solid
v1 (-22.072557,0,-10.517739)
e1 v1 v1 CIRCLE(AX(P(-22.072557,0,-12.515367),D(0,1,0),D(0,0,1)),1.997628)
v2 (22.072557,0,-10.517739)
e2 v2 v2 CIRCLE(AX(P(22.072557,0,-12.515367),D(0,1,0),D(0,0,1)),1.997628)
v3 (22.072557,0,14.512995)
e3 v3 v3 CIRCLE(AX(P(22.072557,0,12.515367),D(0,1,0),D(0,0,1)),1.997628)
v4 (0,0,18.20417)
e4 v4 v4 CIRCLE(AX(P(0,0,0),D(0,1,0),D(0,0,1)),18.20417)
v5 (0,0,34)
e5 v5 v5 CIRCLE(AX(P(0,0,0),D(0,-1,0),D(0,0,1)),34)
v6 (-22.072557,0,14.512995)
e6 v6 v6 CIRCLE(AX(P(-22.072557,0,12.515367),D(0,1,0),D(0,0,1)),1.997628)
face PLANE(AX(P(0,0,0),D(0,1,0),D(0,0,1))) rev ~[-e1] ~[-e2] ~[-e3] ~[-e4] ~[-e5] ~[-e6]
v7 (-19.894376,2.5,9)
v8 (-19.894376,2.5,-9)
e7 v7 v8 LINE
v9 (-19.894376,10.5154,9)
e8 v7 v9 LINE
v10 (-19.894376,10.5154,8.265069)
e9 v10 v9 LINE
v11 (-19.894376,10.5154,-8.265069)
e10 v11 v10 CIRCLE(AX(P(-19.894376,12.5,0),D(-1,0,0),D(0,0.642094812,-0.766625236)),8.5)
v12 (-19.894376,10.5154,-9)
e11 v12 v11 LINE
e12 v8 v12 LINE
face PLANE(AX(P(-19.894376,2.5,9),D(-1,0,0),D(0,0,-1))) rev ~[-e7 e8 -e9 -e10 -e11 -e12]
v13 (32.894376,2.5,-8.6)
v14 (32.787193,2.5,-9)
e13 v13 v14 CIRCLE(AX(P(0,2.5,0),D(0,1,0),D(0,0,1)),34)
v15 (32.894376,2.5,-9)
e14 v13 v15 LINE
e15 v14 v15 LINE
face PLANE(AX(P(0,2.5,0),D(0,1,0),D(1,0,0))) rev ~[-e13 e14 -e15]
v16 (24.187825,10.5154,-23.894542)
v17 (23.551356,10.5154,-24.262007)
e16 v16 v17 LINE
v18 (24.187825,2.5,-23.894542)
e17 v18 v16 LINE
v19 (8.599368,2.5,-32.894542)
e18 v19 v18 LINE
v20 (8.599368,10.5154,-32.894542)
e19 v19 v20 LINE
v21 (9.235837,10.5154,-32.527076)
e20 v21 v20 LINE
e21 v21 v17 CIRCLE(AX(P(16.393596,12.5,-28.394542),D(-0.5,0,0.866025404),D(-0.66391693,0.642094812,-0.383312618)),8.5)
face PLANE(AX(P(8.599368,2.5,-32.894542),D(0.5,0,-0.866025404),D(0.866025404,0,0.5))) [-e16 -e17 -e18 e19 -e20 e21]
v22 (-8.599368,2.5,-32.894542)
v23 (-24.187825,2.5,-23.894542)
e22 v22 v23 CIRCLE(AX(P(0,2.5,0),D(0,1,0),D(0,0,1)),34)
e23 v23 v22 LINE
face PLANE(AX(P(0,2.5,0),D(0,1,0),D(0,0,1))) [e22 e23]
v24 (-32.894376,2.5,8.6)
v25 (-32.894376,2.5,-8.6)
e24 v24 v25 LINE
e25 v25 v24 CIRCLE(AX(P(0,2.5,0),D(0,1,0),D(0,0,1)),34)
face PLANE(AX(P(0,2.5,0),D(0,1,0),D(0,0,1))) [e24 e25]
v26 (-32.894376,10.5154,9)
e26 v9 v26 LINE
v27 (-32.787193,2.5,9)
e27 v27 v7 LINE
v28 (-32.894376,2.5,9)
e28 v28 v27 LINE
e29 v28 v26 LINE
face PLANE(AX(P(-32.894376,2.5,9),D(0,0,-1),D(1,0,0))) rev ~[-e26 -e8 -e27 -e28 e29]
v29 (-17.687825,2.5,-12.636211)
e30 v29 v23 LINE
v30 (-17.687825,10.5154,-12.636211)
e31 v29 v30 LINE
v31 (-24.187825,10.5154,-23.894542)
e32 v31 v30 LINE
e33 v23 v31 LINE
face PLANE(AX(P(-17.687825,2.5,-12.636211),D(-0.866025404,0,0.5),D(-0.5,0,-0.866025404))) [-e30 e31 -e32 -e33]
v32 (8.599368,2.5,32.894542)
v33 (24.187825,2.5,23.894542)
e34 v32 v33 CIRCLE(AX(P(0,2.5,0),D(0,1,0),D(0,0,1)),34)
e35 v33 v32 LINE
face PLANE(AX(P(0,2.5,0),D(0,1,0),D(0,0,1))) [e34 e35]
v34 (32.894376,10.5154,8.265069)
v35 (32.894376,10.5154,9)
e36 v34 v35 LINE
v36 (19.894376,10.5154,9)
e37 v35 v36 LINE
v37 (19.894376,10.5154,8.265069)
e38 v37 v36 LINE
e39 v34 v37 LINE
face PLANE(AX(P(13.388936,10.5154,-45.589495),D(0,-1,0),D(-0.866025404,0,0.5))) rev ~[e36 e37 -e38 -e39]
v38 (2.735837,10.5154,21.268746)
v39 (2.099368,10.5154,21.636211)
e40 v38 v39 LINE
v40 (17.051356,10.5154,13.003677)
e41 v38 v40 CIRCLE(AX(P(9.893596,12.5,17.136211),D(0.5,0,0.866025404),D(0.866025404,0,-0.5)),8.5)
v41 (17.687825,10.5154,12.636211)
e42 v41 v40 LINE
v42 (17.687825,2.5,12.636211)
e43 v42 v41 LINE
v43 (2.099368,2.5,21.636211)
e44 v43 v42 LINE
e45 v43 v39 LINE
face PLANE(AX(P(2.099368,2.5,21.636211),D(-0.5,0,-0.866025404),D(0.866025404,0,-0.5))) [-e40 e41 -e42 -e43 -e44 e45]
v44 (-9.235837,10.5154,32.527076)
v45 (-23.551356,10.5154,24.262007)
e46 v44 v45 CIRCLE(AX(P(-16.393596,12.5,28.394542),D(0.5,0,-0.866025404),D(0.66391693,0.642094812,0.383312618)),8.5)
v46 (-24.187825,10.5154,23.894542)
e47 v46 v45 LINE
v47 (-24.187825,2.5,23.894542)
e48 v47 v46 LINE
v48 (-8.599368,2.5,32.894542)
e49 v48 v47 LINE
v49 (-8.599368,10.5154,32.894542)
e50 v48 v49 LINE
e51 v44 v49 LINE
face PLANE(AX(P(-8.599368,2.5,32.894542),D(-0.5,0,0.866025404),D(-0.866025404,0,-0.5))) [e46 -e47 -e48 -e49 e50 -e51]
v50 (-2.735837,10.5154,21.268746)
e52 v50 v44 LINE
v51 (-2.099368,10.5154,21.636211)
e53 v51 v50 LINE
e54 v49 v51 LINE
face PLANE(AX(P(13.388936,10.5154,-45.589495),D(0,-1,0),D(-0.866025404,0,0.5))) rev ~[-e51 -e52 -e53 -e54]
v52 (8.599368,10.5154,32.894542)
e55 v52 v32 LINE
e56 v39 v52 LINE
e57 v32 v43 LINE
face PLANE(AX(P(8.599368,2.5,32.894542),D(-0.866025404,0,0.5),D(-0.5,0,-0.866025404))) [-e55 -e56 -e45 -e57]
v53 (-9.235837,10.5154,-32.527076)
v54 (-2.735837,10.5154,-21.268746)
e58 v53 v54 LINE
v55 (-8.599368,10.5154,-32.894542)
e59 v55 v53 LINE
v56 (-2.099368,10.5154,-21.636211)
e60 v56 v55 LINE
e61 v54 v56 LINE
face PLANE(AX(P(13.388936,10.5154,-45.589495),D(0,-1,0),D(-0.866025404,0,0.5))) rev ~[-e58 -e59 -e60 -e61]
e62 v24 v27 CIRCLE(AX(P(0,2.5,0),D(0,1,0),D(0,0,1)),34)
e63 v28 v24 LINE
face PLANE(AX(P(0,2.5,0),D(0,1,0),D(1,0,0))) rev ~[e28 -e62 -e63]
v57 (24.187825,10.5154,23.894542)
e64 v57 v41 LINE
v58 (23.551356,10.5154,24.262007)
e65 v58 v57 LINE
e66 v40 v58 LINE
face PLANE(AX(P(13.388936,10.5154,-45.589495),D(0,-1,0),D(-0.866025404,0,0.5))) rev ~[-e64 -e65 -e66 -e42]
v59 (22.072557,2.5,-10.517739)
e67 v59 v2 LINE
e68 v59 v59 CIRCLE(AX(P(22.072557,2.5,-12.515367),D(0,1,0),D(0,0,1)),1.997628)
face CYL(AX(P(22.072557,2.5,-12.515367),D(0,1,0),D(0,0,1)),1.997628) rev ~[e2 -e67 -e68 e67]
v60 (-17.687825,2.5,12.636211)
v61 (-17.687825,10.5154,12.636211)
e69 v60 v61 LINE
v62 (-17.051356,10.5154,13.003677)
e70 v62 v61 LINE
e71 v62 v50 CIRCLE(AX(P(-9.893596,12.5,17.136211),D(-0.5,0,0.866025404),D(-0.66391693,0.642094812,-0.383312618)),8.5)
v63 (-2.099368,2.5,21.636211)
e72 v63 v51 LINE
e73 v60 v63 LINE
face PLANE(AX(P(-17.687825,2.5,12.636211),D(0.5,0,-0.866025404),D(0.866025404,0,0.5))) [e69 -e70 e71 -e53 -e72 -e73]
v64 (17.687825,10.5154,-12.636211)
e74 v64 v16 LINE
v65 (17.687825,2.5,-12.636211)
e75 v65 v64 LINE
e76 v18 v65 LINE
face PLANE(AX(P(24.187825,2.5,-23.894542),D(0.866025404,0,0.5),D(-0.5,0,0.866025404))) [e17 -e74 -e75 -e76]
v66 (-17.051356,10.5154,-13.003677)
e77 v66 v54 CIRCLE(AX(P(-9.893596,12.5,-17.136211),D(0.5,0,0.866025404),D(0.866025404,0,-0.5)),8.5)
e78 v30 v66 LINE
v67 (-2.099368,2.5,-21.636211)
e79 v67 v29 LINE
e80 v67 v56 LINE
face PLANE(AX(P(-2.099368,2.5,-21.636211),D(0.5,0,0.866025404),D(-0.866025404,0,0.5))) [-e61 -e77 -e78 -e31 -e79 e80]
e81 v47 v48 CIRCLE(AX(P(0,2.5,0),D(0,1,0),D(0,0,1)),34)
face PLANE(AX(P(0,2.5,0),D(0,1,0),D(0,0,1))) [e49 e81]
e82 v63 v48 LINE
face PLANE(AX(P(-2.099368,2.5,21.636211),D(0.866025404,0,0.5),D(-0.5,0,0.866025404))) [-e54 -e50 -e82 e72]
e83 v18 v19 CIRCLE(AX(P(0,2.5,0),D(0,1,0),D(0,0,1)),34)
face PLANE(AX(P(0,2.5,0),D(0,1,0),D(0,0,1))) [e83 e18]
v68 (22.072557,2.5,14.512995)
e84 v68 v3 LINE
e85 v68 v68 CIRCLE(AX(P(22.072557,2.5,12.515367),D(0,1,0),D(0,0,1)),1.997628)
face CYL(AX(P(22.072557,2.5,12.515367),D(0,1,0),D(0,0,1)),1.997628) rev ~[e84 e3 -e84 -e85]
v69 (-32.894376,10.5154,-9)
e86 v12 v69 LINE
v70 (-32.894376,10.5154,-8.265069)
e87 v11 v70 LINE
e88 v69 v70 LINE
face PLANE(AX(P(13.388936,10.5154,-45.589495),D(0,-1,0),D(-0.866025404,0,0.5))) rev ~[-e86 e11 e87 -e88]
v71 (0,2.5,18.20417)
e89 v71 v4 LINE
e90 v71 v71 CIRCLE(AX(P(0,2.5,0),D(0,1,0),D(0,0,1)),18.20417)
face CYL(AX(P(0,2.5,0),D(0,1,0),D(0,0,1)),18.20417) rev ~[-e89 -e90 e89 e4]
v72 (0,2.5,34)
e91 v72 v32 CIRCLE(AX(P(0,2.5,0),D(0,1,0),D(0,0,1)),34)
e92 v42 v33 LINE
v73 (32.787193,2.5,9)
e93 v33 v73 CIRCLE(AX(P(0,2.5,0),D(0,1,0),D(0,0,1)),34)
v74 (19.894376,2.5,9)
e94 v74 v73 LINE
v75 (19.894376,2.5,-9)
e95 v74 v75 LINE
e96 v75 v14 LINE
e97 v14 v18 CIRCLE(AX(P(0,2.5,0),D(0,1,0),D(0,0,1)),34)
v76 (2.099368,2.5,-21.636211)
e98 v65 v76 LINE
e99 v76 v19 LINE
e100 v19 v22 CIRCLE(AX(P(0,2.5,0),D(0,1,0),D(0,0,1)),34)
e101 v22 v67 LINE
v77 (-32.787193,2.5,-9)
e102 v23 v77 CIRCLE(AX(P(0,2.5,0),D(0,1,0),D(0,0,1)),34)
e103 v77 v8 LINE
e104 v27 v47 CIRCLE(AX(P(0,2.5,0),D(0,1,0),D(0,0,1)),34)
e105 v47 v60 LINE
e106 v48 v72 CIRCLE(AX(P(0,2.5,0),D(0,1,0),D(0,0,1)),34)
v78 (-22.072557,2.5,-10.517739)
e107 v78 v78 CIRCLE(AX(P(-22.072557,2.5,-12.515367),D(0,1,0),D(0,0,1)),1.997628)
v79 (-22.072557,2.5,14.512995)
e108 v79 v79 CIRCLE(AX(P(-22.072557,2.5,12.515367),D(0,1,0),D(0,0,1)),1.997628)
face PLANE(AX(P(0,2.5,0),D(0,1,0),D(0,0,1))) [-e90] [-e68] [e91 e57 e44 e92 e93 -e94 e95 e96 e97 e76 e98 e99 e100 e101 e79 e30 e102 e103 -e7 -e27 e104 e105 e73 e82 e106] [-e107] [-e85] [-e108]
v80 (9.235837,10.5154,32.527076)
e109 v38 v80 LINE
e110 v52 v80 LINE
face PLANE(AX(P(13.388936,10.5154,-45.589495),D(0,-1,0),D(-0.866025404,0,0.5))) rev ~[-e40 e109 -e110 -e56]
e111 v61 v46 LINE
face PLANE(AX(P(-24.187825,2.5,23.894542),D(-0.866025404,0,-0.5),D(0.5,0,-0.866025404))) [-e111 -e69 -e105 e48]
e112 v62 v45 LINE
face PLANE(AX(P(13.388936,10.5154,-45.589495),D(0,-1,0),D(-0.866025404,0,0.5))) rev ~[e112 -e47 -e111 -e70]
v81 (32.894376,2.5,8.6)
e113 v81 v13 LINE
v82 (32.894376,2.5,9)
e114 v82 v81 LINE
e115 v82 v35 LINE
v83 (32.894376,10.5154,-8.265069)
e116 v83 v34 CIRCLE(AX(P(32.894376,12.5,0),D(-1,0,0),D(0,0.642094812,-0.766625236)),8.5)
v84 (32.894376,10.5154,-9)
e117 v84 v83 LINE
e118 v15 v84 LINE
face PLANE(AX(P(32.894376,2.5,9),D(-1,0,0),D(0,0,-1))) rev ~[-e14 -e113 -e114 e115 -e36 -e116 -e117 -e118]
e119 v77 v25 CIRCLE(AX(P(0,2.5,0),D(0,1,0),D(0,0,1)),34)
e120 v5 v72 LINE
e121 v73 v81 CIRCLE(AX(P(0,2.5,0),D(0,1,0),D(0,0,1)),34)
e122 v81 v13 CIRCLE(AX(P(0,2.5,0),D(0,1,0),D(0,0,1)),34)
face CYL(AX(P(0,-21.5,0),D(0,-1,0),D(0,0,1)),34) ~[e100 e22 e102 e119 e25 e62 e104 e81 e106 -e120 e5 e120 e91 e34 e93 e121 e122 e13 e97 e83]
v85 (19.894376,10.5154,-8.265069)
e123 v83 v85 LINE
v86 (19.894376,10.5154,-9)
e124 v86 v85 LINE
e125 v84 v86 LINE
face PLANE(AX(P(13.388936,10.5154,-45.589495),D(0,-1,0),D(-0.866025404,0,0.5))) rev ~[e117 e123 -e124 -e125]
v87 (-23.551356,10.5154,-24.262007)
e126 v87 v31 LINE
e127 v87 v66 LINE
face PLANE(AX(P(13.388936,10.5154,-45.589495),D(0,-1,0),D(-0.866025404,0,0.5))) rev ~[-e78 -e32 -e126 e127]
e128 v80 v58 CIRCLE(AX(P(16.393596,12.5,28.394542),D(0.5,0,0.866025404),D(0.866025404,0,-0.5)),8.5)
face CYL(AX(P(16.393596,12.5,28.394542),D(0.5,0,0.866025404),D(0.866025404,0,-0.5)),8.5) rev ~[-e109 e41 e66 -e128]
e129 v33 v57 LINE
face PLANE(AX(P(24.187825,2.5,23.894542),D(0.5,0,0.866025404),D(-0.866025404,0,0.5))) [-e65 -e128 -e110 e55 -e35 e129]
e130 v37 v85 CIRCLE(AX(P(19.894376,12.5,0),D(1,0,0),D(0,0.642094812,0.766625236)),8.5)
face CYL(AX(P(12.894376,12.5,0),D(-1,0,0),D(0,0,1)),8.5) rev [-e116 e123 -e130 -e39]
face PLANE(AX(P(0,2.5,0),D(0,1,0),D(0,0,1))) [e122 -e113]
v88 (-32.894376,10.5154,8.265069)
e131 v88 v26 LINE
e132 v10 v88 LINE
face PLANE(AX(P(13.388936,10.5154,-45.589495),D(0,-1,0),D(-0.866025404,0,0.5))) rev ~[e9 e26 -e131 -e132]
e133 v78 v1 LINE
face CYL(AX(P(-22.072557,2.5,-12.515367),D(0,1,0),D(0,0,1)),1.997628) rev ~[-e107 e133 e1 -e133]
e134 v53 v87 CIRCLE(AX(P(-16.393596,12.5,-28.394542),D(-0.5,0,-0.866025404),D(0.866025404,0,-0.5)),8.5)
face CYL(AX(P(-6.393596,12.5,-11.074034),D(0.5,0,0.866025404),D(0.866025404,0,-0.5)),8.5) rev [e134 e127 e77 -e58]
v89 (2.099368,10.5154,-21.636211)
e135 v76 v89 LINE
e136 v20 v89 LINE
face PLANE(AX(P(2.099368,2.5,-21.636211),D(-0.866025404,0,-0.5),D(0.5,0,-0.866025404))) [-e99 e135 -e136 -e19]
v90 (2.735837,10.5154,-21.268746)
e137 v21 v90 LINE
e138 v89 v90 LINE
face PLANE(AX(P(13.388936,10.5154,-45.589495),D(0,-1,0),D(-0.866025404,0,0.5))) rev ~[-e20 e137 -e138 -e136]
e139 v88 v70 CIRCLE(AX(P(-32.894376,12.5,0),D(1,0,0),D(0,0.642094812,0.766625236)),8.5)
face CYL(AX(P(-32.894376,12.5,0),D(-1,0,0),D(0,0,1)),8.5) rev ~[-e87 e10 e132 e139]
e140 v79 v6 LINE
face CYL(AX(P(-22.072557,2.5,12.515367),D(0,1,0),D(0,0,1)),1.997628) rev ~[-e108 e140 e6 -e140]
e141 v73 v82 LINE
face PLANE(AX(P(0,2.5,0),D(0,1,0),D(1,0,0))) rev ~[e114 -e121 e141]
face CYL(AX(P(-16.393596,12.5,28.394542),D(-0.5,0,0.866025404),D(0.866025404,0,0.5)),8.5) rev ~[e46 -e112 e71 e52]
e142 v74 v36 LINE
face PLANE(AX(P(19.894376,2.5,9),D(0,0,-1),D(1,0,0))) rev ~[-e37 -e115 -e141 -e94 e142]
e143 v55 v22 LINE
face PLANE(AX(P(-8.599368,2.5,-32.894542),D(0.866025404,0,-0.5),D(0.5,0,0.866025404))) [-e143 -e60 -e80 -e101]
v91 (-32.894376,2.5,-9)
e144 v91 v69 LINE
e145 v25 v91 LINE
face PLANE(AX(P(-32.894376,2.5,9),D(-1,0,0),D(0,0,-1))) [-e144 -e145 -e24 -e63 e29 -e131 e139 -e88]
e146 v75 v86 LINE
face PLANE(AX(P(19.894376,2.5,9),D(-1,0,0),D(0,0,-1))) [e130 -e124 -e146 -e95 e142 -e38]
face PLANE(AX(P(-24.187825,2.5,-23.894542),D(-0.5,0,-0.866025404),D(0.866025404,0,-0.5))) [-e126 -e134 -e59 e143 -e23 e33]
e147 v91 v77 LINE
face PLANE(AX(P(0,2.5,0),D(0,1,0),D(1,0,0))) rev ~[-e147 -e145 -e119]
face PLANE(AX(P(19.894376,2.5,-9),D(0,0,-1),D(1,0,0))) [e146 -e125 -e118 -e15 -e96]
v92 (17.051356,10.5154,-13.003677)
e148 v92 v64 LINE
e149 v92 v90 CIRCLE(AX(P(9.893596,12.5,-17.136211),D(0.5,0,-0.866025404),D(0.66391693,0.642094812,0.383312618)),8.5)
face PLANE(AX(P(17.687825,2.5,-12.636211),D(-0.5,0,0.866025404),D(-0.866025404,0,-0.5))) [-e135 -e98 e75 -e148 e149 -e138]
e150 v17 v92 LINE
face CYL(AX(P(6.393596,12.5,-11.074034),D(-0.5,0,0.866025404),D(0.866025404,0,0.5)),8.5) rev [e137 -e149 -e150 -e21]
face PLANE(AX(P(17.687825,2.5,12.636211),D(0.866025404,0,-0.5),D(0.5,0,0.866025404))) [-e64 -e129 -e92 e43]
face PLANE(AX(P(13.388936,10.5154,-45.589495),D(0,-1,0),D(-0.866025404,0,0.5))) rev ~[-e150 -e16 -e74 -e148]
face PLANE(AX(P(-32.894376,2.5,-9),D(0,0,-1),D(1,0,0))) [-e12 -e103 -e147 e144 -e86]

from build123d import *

# Parameters (mm, degrees)
SKETCH1_R           = 42.5
BOSS_EXTRUDE1_DEPTH = 2.5
SKETCH3_W           = 13
SKETCH3_H           = 18
BOSS_EXTRUDE2_DEPTH = 20
SKETCH4_R           = 8.5
CUT_EXTRUDE2_DEPTH  = 20
SKETCH5_R           = 8.5
CUT_EXTRUDE3_DEPTH  = 20
SKETCH6_R           = 8.5
CUT_EXTRUDE4_DEPTH  = 20
CUT_EXTRUDE5_START  = -20
SKETCH7_R           = 8.5
CUT_EXTRUDE5_DEPTH  = 20
CUT_EXTRUDE6_START  = -20
SKETCH8_R           = 8.5
CUT_EXTRUDE6_DEPTH  = 20
CUT_EXTRUDE7_START  = -20
SKETCH9_R           = 8.5
CUT_EXTRUDE7_DEPTH  = 20
CUT_EXTRUDE8_DEPTH  = 76.388
SKETCH11_W          = 71.811217628
SKETCH11_H          = 11.984599711
CUT_EXTRUDE9_DEPTH  = 76.388
SKETCH12_R          = 18.204170311
CUT_EXTRUDE10_DEPTH = 76.388
SKETCH13_R          = 1.997627935
CUT_EXTRUDE11_DEPTH = 10
CUT_EXTRUDE13_START = -24
SKETCH15_R          = 42.5
SKETCH15_R_2        = 34
CUT_EXTRUDE13_DEPTH = 24


with BuildPart() as part:
    # Sketch1 → Boss-Extrude1 (new body)
    with BuildSketch(Plane(origin=(0, 0, 0), x_dir=(1, 0, 0), z_dir=(0, 1, 0))):
        Circle(SKETCH1_R)
    extrude(amount=BOSS_EXTRUDE1_DEPTH)

    # Sketch3 → Boss-Extrude2 (add)
    with BuildSketch(Plane(origin=(0, 2.5, 0), x_dir=(1, 0, 0), z_dir=(0, 1, 0))):
        with Locations((-26.394376419, 0)):
            Rectangle(SKETCH3_W, SKETCH3_H)
        with Locations((26.394376419, 0)):
            Rectangle(SKETCH3_W, SKETCH3_H)
        Polygon((-8.599367677, 32.894541729), (-2.099367677, 21.63621148), (-17.687824945, 12.63621148), (-24.187824945, 23.894541729), align=None)
        Polygon((8.599367677, 32.894541729), (24.187824945, 23.894541729), (17.687824945, 12.63621148), (2.099367677, 21.63621148), align=None)
        Polygon((8.599367677, -32.894541729), (2.099367677, -21.63621148), (17.687824945, -12.63621148), (24.187824945, -23.894541729), align=None)
        Polygon((-8.599367677, -32.894541729), (-24.187824945, -23.894541729), (-17.687824945, -12.63621148), (-2.099367677, -21.63621148), align=None)
    extrude(amount=BOSS_EXTRUDE2_DEPTH)

    # Sketch4 → Cut-Extrude2 (cut)
    with BuildSketch(Plane.ZY.offset(32.894376419)):
        with Locations((0, 12.5)):
            Circle(SKETCH4_R)
    extrude(amount=-CUT_EXTRUDE2_DEPTH, mode=Mode.SUBTRACT)

    # Sketch5 → Cut-Extrude3 (cut)
    with BuildSketch(Plane(origin=(-16.393596311, 0, 28.394541729), x_dir=(0.8660254037844386, 0, 0.5000000000000003), z_dir=(-0.5000000000000003, 0, 0.8660254037844386))):
        with Locations((0, 12.5)):
            Circle(SKETCH5_R)
    extrude(amount=-CUT_EXTRUDE3_DEPTH, mode=Mode.SUBTRACT)

    # Sketch6 → Cut-Extrude4 (cut)
    with BuildSketch(Plane(origin=(16.393596311, 0, 28.394541729), x_dir=(0.8660254037844386, 0, -0.5000000000000003), z_dir=(0.5000000000000003, 0, 0.8660254037844386))):
        with Locations((0, 12.5)):
            Circle(SKETCH6_R)
    extrude(amount=-CUT_EXTRUDE4_DEPTH, mode=Mode.SUBTRACT)

    # Sketch7 → Cut-Extrude5 (cut)
    with BuildSketch(Plane(origin=(32.894376419, 0, 0), x_dir=(0, 0, -1), z_dir=(1, 0, 0)).offset(CUT_EXTRUDE5_START)):
        with Locations((0, 12.5)):
            Circle(SKETCH7_R)
    extrude(amount=CUT_EXTRUDE5_DEPTH, mode=Mode.SUBTRACT)

    # Sketch8 → Cut-Extrude6 (cut)
    with BuildSketch(Plane(origin=(16.393596311, 0, -28.394541729), x_dir=(-0.8660254037844386, 0, -0.5000000000000003), z_dir=(0.5000000000000003, 0, -0.8660254037844386)).offset(CUT_EXTRUDE6_START)):
        with Locations((0, 12.5)):
            Circle(SKETCH8_R)
    extrude(amount=CUT_EXTRUDE6_DEPTH, mode=Mode.SUBTRACT)

    # Sketch9 → Cut-Extrude7 (cut)
    with BuildSketch(Plane(origin=(-16.393596311, 0, -28.394541729), x_dir=(-0.8660254037844386, 0, 0.5000000000000003), z_dir=(-0.5000000000000003, 0, -0.8660254037844386)).offset(CUT_EXTRUDE7_START)):
        with Locations((0, 12.5)):
            Circle(SKETCH9_R)
    extrude(amount=CUT_EXTRUDE7_DEPTH, mode=Mode.SUBTRACT)

    # Sketch10 → Cut-Extrude8 (cut)
    with BuildSketch(Plane(origin=(-16.393596311, 0, -28.394541729), x_dir=(-0.8660254037844386, 0, 0.5000000000000003), z_dir=(-0.5000000000000003, 0, -0.8660254037844386))):
        Polygon((-35.669118209, 17.957805899), (-9, 17.957805899), (-9, 22.5), (9, 22.5), (9, 17.957805899), (33.747549551, 17.957805899), (33.747549551, 25.559573076), (-35.669118209, 25.559573076), align=None)
    extrude(amount=-CUT_EXTRUDE8_DEPTH, mode=Mode.SUBTRACT)

    # Sketch11 → Cut-Extrude9 (cut)
    with BuildSketch(Plane(origin=(-16.393596311, 0, -28.394541729), x_dir=(-0.8660254037844386, 0, 0.5000000000000003), z_dir=(-0.5000000000000003, 0, -0.8660254037844386))):
        with Locations((1.515702587, 16.507700144)):
            Rectangle(SKETCH11_W, SKETCH11_H)
    extrude(amount=-CUT_EXTRUDE9_DEPTH, mode=Mode.SUBTRACT)

    # Sketch12 → Cut-Extrude10 (cut)
    with BuildSketch(Plane(origin=(0, 2.5, 0), x_dir=(1, 0, 0), z_dir=(0, 1, 0))):
        Circle(SKETCH12_R)
    extrude(amount=-CUT_EXTRUDE10_DEPTH, mode=Mode.SUBTRACT)

    # Sketch13 → Cut-Extrude11 (cut)
    with BuildSketch(Plane(origin=(0, 2.5, 0), x_dir=(1, 0, 0), z_dir=(0, 1, 0))):
        with Locations((-22.072556502, 12.515367089)):
            Circle(SKETCH13_R)
        with Locations((22.072556502, 12.515367089)):
            Circle(SKETCH13_R)
        with Locations((22.072556502, -12.515367089)):
            Circle(SKETCH13_R)
        with Locations((-22.072556502, -12.515367089)):
            Circle(SKETCH13_R)
    extrude(amount=-CUT_EXTRUDE11_DEPTH, mode=Mode.SUBTRACT)

    # Sketch15 → Cut-Extrude13 (cut)
    with BuildSketch(Plane(origin=(0, 2.5, 0), x_dir=(1, 0, 0), z_dir=(0, 1, 0)).offset(CUT_EXTRUDE13_START)):
        Circle(SKETCH15_R)
        Circle(SKETCH15_R_2, mode=Mode.SUBTRACT)
    extrude(amount=CUT_EXTRUDE13_DEPTH, mode=Mode.SUBTRACT)


solid = part.part
